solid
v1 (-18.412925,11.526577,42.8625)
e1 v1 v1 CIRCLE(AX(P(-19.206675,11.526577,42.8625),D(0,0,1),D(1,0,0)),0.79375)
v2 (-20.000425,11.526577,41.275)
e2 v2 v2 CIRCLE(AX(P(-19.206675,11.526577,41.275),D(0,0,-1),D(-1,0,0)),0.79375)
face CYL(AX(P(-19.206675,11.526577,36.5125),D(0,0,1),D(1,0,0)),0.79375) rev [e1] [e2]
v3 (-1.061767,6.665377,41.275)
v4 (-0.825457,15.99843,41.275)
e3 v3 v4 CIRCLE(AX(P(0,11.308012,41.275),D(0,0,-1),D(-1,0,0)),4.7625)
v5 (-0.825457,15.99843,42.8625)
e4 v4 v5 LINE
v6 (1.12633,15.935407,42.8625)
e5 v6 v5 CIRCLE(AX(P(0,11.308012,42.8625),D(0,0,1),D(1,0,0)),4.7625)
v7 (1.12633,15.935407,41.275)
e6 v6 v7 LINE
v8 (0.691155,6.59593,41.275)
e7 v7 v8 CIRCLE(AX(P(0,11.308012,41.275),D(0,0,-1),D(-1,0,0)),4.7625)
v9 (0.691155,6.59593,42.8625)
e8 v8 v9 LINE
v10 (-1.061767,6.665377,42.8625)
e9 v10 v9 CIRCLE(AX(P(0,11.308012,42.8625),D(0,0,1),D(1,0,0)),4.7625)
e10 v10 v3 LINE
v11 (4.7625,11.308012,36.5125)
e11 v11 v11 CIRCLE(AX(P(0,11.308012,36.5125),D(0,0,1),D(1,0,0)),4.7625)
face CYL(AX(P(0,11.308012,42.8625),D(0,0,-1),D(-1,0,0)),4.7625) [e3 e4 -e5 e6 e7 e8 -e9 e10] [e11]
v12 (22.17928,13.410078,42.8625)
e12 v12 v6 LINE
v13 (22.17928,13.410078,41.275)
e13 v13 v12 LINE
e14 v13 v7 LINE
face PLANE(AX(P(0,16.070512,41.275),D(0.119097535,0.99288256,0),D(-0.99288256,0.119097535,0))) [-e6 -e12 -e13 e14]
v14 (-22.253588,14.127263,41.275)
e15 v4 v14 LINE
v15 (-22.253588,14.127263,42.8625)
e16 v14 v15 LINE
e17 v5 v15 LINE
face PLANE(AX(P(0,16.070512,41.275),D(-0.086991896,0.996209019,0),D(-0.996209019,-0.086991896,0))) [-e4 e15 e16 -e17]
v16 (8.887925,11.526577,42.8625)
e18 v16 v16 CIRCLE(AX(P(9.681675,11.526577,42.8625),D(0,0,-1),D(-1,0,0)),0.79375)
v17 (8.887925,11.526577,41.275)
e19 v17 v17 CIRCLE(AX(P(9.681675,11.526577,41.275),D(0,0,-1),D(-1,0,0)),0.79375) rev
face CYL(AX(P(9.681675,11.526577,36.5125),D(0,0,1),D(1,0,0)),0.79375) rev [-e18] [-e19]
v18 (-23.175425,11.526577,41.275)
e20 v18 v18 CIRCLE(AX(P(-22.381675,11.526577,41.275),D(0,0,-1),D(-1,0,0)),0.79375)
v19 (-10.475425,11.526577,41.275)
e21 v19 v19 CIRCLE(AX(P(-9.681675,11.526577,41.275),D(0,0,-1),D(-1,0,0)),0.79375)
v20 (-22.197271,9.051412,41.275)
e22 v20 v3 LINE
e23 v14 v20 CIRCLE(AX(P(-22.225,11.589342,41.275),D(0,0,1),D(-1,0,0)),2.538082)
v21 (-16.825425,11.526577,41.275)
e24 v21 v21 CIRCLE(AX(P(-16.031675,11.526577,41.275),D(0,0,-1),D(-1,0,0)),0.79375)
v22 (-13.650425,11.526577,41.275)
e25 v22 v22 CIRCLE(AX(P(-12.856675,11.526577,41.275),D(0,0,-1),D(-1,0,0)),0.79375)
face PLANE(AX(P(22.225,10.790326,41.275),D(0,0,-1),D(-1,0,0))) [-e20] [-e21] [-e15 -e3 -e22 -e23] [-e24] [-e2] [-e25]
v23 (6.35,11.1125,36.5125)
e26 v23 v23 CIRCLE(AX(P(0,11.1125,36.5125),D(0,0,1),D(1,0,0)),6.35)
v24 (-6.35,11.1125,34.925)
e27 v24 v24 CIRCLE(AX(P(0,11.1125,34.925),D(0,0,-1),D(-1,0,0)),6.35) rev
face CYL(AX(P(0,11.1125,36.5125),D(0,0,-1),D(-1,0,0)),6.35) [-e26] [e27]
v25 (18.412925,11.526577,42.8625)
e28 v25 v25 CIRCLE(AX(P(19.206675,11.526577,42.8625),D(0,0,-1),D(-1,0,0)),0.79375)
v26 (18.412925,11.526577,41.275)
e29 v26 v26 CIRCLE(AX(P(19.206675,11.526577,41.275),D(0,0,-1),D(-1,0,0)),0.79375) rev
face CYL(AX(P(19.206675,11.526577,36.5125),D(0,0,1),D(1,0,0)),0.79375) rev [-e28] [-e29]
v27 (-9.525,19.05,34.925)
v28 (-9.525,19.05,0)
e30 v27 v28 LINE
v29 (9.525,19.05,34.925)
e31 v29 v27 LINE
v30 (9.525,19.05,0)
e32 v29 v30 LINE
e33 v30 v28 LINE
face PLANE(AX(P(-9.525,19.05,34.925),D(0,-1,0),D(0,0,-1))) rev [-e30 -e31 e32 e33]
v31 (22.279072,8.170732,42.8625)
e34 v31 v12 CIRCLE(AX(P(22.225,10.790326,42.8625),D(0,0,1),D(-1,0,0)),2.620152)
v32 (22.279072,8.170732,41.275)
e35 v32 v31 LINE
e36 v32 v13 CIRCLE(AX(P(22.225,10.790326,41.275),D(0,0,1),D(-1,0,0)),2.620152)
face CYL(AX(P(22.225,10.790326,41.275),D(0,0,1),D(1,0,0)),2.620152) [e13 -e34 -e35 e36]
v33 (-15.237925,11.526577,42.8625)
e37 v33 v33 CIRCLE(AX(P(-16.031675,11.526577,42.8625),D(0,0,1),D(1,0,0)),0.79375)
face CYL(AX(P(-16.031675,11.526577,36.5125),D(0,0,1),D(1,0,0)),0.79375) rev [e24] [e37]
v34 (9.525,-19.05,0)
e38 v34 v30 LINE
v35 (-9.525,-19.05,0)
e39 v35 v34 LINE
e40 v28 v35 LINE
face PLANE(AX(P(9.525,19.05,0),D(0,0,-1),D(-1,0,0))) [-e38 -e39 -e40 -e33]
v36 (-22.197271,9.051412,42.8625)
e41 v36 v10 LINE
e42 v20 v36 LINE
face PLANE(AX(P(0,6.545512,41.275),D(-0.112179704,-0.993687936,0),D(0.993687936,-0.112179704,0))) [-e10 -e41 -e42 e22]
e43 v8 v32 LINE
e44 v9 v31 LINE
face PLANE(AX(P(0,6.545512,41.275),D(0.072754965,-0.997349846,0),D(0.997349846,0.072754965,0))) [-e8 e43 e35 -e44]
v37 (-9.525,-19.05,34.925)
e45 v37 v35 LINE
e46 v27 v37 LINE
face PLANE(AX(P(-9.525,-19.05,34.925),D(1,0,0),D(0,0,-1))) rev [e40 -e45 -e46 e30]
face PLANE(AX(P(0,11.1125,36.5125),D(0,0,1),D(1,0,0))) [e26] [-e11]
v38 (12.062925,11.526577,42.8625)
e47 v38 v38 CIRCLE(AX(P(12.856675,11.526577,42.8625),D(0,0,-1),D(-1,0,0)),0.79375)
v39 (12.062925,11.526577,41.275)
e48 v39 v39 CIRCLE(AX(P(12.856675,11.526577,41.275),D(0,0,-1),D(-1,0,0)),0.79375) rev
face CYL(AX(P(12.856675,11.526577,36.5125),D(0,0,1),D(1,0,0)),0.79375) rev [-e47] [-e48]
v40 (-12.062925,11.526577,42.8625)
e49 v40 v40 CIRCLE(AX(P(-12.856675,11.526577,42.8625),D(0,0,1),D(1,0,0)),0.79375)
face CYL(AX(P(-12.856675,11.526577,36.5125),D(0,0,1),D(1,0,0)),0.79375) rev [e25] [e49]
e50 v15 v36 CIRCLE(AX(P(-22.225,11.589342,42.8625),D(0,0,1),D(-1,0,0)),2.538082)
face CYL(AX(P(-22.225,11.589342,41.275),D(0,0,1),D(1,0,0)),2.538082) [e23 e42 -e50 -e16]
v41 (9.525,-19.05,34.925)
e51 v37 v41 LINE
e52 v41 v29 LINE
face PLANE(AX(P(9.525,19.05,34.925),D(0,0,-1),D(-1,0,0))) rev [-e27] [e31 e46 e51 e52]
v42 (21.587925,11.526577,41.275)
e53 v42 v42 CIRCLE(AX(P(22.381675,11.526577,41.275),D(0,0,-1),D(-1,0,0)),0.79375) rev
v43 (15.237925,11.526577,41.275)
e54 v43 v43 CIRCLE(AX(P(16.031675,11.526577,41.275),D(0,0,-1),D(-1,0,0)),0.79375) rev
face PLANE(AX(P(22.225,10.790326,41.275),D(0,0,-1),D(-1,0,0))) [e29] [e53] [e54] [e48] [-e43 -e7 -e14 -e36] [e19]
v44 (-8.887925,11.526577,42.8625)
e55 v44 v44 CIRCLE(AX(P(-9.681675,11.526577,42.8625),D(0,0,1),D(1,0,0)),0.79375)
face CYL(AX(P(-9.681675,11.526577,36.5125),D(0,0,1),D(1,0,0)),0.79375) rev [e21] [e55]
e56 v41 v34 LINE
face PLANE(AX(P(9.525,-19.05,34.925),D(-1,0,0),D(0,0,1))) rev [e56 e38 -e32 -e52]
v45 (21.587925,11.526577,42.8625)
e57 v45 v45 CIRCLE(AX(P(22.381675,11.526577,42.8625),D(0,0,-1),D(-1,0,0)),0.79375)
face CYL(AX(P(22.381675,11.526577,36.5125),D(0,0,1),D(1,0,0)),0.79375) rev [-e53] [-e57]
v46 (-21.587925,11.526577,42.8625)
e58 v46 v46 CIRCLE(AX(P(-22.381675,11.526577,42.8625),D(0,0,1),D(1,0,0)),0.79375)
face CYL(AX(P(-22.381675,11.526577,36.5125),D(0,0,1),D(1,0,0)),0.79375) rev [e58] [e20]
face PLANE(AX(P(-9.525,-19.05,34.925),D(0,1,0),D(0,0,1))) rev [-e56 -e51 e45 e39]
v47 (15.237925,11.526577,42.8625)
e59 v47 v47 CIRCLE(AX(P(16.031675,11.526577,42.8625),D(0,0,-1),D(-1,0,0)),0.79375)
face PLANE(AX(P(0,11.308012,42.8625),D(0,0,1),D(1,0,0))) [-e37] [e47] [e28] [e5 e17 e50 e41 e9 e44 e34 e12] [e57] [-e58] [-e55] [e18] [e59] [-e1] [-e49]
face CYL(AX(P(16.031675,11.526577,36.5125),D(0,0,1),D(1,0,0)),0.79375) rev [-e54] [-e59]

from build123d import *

# Parameters (mm, degrees)
SKETCH1_W               = 19.05
SKETCH1_H               = 38.1
BOSS_EXTRUDE1_DEPTH     = 34.925
SKETCH2_R               = 6.35
BOSS_EXTRUDE2_DEPTH     = 1.5875
SKETCH3_R               = 4.7625
BOSS_EXTRUDE3_DEPTH     = 6.35
BOSS_EXTRUDE4_DEPTH     = 1.5875
SKETCH5_R               = 0.79375
CUT_EXTRUDE1_DEPTH      = 6.35
LPATTERN1_COUNT         = 5
LPATTERN1_PITCH         = 3.175
MIRROR1_COPY_1_SKETCH_R = 0.79375
MIRROR1_COPY_1_DEPTH    = 6.35
MIRROR1_COPY_2_SKETCH_R = 0.79375
MIRROR1_COPY_2_DEPTH    = 6.35
MIRROR1_COPY_3_SKETCH_R = 0.79375
MIRROR1_COPY_3_DEPTH    = 6.35
MIRROR1_COPY_4_SKETCH_R = 0.79375
MIRROR1_COPY_4_DEPTH    = 6.35


with BuildPart() as part:
    # Sketch1 → Boss-Extrude1 (new body)
    with BuildSketch(Plane.XY):
        Rectangle(SKETCH1_W, SKETCH1_H)
    extrude(amount=BOSS_EXTRUDE1_DEPTH)

    # Sketch2 → Boss-Extrude2 (add)
    with BuildSketch(Plane.XY.offset(34.925)):
        with Locations((0, 11.1125)):
            Circle(SKETCH2_R)
    extrude(amount=BOSS_EXTRUDE2_DEPTH)

    # Sketch3 → Boss-Extrude3 (add)
    with BuildSketch(Plane.XY.offset(36.5125)):
        with Locations((0, 11.30801151)):
            Circle(SKETCH3_R)
    extrude(amount=BOSS_EXTRUDE3_DEPTH)

    # Sketch4 → Boss-Extrude4 (add)
    with BuildSketch(Plane.XY.offset(42.8625)):
        with BuildLine():
            Line((0, 16.07051151), (-22.253587721, 14.127262895))
            ThreePointArc((-22.253587721, 14.127262895), (-24.76292538, 11.561183994), (-22.197271079, 9.051412208))
            Line((-22.197271079, 9.051412208), (0, 6.54551151))
            Line((0, 6.54551151), (22.279071817, 8.170731681))
            ThreePointArc((22.279071817, 8.170731681), (24.844676693, 10.840221296), (22.179280362, 13.410078409))
            Line((22.179280362, 13.410078409), (0, 16.07051151))
        make_face()
    extrude(amount=-BOSS_EXTRUDE4_DEPTH)

    # Sketch5 → Cut-Extrude1 (cut)
    with BuildSketch(Plane.XY.offset(42.8625)):
        with Locations((-22.38167538, 11.526576548)):
            Circle(SKETCH5_R)
    cut_extrude1 = extrude(amount=-CUT_EXTRUDE1_DEPTH, mode=Mode.SUBTRACT)

    # LPattern1: Cut-Extrude1 ×5
    with Locations(*[(i * LPATTERN1_PITCH, 0, 0) for i in range(1, LPATTERN1_COUNT)]):
        add(cut_extrude1, mode=Mode.SUBTRACT)

    # Mirror1: Cut-Extrude1 across plane
    add(cut_extrude1.mirror(Plane(origin=(0, 0, 0), x_dir=(0, 0, 1), z_dir=(1, 0, 0))), mode=Mode.SUBTRACT)

    # Mirror1 copy 1 sketch → Mirror1 copy 1 (cut)
    with BuildSketch(Plane(origin=(-3.175, 0, 42.8625), x_dir=(-1, 0, 0), z_dir=(0, 0, 1))):
        with Locations((-22.38167538, -11.526576548)):
            Circle(MIRROR1_COPY_1_SKETCH_R)
    extrude(amount=-MIRROR1_COPY_1_DEPTH, mode=Mode.SUBTRACT)

    # Mirror1 copy 2 sketch → Mirror1 copy 2 (cut)
    with BuildSketch(Plane(origin=(-6.35, 0, 42.8625), x_dir=(-1, 0, 0), z_dir=(0, 0, 1))):
        with Locations((-22.38167538, -11.526576548)):
            Circle(MIRROR1_COPY_2_SKETCH_R)
    extrude(amount=-MIRROR1_COPY_2_DEPTH, mode=Mode.SUBTRACT)

    # Mirror1 copy 3 sketch → Mirror1 copy 3 (cut)
    with BuildSketch(Plane(origin=(-9.525, 0, 42.8625), x_dir=(-1, 0, 0), z_dir=(0, 0, 1))):
        with Locations((-22.38167538, -11.526576548)):
            Circle(MIRROR1_COPY_3_SKETCH_R)
    extrude(amount=-MIRROR1_COPY_3_DEPTH, mode=Mode.SUBTRACT)

    # Mirror1 copy 4 sketch → Mirror1 copy 4 (cut)
    with BuildSketch(Plane(origin=(-12.7, 0, 42.8625), x_dir=(-1, 0, 0), z_dir=(0, 0, 1))):
        with Locations((-22.38167538, -11.526576548)):
            Circle(MIRROR1_COPY_4_SKETCH_R)
    extrude(amount=-MIRROR1_COPY_4_DEPTH, mode=Mode.SUBTRACT)


solid = part.part
